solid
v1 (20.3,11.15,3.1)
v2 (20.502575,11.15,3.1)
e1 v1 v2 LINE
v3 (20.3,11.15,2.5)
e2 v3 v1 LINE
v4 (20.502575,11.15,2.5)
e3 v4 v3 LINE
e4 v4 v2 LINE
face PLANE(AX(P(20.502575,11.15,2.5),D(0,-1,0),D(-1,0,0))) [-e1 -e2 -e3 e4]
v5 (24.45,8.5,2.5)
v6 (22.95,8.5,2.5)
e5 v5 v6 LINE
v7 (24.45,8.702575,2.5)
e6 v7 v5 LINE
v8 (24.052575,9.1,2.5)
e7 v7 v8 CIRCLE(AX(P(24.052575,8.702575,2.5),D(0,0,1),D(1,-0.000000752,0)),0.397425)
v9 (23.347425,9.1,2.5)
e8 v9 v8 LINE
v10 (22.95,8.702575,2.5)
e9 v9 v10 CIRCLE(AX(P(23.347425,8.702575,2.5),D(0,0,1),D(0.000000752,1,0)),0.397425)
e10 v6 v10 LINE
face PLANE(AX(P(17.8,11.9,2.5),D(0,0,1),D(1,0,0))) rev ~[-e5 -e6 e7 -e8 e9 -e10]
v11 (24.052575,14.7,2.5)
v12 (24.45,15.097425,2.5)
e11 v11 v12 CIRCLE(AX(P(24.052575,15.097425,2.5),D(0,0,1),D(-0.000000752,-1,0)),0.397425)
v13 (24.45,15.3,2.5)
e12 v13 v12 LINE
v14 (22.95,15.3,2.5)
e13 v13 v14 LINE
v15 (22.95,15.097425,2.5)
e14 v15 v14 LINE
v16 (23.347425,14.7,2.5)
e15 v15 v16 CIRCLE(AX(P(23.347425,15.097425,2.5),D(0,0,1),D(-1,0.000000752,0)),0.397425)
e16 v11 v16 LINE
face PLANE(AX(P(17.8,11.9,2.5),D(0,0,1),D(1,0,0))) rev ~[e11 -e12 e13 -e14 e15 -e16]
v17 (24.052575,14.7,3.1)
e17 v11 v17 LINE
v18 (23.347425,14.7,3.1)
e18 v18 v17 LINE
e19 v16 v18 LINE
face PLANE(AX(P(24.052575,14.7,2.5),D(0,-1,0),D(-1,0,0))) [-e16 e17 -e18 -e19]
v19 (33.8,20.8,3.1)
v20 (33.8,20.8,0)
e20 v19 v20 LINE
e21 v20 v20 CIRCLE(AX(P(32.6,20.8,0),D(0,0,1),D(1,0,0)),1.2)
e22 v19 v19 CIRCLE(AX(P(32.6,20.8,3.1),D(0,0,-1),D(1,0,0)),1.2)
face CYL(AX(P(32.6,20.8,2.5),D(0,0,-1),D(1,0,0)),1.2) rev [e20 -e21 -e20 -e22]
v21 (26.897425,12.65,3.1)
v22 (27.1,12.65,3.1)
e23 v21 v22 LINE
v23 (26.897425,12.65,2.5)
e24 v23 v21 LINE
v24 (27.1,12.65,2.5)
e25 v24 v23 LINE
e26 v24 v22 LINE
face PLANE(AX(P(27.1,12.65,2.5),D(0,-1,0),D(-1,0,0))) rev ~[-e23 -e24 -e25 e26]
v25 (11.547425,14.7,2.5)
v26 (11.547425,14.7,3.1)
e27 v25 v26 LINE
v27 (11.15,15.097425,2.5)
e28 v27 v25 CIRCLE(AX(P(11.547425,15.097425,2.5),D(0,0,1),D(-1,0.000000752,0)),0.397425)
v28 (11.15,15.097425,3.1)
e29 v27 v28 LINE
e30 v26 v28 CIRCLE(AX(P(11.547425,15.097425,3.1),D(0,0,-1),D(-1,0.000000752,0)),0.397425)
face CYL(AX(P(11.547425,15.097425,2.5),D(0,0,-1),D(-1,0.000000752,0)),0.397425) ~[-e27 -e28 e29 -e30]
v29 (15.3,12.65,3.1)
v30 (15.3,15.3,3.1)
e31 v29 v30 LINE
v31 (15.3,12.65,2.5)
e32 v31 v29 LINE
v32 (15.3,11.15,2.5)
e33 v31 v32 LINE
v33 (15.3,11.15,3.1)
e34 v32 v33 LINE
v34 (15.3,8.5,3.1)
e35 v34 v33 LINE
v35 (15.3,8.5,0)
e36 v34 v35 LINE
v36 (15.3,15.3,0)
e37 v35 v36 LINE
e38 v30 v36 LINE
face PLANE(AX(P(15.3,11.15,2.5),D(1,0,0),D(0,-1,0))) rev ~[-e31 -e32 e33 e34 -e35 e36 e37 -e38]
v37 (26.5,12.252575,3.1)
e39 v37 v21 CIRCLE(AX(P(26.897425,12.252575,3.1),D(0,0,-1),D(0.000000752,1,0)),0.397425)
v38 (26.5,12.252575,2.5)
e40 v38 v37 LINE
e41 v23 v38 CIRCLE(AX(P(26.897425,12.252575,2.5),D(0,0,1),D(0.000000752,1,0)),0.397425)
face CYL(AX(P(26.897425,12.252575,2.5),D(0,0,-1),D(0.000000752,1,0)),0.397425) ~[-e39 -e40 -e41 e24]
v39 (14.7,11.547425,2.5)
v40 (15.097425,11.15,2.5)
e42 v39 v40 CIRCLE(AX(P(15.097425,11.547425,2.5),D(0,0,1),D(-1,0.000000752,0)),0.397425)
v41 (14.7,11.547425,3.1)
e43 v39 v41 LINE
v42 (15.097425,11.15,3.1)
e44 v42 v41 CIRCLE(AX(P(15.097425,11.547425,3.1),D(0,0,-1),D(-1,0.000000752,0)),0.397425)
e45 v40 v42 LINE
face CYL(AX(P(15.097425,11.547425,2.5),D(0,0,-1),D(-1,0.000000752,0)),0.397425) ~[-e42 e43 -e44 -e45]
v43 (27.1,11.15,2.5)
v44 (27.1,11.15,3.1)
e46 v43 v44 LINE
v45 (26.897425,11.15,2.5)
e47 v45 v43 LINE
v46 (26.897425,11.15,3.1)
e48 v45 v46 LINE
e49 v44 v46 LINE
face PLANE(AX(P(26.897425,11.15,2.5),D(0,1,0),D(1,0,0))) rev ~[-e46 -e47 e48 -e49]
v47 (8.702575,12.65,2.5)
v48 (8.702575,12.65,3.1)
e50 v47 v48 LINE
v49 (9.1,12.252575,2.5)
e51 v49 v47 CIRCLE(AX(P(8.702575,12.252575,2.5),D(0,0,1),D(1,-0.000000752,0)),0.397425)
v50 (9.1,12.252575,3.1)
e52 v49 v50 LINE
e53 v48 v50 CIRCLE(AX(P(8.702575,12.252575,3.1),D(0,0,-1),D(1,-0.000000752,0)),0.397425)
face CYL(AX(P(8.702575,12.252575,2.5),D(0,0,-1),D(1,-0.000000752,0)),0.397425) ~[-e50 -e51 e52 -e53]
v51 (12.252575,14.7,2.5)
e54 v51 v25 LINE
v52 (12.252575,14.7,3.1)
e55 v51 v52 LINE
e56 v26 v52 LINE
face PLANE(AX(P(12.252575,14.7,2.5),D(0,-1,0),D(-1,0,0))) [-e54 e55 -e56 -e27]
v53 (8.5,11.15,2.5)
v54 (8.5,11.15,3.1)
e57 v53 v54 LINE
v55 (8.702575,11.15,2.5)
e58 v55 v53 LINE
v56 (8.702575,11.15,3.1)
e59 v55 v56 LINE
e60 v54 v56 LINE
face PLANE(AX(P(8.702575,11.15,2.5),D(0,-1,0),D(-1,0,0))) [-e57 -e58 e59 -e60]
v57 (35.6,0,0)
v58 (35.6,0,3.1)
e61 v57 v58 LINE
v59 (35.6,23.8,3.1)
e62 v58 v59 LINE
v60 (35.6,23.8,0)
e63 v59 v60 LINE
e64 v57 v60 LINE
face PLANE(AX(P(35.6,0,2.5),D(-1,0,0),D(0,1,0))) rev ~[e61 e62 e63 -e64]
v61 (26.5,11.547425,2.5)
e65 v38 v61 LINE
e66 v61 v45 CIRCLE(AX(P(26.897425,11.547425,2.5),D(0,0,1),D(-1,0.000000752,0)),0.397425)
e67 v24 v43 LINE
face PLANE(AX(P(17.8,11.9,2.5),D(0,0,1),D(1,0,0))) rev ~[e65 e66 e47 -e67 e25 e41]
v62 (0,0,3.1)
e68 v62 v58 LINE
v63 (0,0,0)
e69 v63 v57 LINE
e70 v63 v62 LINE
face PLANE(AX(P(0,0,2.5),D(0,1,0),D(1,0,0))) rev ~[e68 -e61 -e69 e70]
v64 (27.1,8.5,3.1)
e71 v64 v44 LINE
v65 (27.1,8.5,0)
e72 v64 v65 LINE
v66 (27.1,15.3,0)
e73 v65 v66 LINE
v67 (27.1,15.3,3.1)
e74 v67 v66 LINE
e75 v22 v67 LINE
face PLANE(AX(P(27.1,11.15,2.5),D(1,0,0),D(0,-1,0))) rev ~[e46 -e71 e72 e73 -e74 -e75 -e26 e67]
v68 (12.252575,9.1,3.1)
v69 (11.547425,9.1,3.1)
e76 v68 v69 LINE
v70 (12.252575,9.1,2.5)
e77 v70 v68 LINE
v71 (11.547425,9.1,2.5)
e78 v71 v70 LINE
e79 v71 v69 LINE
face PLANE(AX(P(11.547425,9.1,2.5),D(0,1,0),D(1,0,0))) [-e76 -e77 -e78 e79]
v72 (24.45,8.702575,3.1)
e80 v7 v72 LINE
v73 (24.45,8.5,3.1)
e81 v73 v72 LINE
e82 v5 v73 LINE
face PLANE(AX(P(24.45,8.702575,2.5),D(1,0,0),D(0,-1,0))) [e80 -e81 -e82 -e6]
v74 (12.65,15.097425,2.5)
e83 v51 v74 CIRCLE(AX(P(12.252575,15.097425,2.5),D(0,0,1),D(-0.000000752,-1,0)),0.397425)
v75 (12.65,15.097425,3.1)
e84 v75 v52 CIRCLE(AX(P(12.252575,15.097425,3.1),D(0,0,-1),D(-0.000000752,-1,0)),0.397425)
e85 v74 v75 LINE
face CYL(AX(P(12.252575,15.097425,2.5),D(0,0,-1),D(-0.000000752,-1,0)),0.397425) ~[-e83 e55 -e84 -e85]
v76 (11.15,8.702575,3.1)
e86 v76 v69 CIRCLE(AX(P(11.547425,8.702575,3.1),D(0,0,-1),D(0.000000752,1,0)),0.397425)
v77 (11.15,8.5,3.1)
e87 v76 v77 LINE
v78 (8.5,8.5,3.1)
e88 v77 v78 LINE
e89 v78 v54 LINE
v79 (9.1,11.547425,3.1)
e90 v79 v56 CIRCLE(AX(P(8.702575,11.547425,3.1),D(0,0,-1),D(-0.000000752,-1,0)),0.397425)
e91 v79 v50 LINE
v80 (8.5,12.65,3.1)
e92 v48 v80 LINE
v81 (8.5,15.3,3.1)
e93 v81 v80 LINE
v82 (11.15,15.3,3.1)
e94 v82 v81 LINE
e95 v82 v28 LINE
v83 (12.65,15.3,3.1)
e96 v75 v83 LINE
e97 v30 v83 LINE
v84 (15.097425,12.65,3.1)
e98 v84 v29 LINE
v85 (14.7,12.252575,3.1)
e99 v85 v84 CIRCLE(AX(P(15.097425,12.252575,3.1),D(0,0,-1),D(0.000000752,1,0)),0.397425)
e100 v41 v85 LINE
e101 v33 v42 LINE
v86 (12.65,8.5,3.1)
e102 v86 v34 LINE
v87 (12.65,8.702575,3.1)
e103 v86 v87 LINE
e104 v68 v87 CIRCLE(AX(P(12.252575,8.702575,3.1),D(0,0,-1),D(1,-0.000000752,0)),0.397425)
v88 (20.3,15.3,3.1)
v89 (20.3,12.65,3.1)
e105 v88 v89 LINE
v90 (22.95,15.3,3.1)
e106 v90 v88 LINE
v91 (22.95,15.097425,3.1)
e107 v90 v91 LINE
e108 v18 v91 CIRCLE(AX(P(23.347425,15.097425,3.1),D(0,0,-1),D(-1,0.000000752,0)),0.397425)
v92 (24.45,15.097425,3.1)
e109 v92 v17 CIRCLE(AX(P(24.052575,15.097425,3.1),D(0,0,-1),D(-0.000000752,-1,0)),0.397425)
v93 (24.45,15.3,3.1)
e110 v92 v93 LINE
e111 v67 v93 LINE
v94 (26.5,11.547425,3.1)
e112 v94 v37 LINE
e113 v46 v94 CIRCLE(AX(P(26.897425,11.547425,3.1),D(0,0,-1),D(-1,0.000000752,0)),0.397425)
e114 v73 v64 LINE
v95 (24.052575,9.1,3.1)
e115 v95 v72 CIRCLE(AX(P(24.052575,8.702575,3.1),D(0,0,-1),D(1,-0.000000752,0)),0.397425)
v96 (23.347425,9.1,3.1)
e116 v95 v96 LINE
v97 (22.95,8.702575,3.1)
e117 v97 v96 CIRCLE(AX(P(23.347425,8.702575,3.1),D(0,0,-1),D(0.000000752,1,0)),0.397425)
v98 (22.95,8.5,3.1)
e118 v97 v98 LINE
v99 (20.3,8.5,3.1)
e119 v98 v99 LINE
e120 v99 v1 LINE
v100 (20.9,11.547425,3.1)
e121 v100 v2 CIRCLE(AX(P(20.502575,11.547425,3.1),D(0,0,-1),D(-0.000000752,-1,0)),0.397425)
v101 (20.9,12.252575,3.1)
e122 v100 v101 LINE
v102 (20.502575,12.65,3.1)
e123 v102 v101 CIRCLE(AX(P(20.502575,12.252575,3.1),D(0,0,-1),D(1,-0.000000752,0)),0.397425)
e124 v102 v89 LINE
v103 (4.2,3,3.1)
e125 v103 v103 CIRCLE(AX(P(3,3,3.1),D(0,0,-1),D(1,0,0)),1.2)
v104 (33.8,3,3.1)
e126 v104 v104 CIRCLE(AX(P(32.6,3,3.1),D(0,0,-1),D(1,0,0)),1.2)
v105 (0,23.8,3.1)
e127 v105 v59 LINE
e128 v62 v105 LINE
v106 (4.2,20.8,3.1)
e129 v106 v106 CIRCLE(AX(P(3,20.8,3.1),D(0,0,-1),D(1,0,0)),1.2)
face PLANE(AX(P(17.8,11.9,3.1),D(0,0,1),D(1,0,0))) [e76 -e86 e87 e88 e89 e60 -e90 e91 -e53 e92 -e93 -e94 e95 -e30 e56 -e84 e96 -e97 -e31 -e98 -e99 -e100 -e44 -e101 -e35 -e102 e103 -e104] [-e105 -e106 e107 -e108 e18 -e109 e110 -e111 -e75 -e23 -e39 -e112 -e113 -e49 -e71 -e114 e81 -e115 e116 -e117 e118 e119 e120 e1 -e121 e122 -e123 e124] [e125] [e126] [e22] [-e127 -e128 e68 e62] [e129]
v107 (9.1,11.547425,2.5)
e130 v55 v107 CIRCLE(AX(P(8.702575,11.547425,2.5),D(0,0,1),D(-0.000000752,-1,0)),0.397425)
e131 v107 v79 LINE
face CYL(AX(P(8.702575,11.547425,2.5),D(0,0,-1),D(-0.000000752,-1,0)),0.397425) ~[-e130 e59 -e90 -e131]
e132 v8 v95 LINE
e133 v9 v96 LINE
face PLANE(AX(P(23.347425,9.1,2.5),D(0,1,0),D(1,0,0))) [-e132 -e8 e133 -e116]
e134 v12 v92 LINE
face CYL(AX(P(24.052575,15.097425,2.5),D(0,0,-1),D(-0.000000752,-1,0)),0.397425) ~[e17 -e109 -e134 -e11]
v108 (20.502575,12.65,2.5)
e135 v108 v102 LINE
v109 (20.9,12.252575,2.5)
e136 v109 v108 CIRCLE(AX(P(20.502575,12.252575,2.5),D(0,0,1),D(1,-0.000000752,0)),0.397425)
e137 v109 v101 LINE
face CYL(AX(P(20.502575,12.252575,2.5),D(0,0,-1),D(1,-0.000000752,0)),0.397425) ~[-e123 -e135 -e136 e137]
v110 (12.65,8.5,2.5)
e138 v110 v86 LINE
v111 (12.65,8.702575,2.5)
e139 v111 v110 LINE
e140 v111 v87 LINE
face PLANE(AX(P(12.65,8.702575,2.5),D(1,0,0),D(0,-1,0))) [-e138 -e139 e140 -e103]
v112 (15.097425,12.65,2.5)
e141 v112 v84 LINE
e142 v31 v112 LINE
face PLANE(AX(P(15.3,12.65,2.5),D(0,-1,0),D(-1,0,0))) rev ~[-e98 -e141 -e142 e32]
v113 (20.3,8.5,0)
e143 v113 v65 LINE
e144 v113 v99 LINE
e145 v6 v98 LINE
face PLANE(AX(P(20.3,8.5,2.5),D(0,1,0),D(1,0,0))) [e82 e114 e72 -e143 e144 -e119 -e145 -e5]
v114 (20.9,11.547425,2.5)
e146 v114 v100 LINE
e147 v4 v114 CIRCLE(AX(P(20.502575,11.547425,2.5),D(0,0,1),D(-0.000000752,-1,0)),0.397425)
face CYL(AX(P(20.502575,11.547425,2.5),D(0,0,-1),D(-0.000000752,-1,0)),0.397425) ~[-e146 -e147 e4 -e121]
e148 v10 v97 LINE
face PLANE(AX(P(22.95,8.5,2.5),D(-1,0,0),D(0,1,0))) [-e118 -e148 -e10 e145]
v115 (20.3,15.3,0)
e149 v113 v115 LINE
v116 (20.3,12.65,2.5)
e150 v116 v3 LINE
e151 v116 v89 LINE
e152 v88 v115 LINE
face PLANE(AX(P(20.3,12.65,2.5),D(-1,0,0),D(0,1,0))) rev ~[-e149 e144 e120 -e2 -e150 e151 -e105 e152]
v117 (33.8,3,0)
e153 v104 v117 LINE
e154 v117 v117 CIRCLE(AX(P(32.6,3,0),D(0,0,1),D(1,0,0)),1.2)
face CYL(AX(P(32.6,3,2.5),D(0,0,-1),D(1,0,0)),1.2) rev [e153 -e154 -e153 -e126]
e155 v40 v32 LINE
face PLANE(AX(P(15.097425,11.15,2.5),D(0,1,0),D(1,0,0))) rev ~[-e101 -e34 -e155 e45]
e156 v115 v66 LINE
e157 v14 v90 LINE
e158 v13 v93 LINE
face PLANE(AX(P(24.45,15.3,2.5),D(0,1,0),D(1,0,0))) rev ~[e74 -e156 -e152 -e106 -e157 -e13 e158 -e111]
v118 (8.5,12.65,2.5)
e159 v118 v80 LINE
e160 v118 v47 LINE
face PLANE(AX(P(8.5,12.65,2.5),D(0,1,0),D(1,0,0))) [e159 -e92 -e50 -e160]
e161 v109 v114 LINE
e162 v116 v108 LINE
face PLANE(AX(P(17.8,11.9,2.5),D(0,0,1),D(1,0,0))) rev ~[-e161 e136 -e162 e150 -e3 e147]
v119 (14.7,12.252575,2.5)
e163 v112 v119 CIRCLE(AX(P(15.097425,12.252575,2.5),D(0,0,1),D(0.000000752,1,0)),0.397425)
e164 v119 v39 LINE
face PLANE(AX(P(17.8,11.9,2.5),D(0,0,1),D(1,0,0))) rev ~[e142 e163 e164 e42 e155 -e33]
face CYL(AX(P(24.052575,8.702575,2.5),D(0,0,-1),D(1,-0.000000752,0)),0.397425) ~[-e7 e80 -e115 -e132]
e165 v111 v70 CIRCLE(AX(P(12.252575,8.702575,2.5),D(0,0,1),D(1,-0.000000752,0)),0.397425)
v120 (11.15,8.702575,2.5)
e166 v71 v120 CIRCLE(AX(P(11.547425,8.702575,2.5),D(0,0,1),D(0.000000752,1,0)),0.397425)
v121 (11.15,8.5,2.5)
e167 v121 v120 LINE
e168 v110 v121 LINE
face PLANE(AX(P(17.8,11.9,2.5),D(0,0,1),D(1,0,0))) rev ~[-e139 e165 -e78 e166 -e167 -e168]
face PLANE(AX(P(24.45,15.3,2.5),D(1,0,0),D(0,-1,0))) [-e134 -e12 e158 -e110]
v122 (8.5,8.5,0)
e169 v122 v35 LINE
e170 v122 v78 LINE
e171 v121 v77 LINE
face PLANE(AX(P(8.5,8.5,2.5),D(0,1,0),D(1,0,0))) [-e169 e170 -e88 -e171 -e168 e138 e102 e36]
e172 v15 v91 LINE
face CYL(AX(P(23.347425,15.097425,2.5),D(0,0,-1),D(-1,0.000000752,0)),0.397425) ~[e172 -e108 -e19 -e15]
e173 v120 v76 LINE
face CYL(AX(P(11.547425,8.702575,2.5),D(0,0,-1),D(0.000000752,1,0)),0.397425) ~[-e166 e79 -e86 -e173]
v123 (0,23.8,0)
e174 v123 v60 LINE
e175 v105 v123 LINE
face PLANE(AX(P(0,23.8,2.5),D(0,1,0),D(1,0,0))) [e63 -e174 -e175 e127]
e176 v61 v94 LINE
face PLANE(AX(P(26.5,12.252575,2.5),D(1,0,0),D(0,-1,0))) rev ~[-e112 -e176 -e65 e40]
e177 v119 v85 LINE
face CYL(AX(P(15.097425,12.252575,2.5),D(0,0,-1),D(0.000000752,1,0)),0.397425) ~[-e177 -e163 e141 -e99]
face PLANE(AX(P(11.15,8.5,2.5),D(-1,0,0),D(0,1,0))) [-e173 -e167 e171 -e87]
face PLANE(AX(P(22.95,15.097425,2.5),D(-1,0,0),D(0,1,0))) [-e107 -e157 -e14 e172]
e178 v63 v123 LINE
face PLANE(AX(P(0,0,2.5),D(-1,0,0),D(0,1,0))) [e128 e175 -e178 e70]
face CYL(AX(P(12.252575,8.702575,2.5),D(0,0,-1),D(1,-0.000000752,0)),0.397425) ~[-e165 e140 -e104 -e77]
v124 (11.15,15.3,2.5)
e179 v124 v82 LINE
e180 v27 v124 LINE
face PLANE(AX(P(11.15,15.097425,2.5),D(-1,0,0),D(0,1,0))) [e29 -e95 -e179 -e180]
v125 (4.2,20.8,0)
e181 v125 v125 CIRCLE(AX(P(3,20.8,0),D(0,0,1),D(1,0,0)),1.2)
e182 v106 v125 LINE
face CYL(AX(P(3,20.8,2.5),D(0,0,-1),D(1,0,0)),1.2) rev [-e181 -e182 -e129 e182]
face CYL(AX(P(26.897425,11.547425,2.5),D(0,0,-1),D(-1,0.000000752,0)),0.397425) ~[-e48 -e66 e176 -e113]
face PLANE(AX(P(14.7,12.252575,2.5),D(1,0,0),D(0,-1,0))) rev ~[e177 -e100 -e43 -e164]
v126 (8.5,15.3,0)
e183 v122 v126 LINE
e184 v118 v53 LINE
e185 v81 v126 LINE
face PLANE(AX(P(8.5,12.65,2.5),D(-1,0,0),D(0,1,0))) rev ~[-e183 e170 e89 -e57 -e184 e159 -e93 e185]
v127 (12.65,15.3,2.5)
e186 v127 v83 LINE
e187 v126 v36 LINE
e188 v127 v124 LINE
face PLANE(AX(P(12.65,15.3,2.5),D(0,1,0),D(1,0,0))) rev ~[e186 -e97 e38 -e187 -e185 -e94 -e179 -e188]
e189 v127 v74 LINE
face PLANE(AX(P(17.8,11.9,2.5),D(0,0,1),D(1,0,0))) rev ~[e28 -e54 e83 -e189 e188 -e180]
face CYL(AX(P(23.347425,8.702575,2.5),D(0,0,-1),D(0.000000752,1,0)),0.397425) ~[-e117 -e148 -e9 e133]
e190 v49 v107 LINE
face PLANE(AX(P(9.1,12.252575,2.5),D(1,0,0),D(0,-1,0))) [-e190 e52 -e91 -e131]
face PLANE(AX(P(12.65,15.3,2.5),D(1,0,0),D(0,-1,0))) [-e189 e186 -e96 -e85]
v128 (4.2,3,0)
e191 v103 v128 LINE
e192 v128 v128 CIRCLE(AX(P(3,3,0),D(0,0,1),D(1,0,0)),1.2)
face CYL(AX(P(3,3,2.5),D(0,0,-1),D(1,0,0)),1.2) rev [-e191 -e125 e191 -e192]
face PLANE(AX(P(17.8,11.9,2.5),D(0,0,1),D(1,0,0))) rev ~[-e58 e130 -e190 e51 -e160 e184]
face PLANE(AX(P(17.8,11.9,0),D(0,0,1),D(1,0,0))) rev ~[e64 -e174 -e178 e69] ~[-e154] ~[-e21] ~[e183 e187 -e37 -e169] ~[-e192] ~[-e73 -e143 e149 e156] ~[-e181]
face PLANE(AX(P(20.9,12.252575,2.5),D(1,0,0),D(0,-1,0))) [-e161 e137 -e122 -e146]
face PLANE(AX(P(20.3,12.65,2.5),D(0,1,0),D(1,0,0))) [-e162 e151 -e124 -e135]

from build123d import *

# Parameters (mm, degrees)
CYLINDER002_R     = 1.2
CYLINDER002_DEPTH = 10
ARRAY006_X_COUNT  = 2
ARRAY006_X_PITCH  = 29.6
ARRAY006_Y_COUNT  = 2
ARRAY006_Y_PITCH  = 17.8
PAD_DEPTH         = 10
ARRAY005_X_COUNT  = 2
ARRAY005_X_PITCH  = 11.8
BOX010_W          = 35.6
BOX010_H          = 23.8
BOX010_DEPTH      = 0.6
CYLINDER_R        = 1.2
CYLINDER_DEPTH    = 10
ARRAY001_X_COUNT  = 2
ARRAY001_X_PITCH  = 29.6
ARRAY001_Y_COUNT  = 2
ARRAY001_Y_PITCH  = 17.8
BOX001_W          = 6.8
BOX001_H          = 6.8
BOX001_DEPTH      = 10
ARRAY_X_COUNT     = 2
ARRAY_X_PITCH     = 11.8
BOX_W             = 35.6
BOX_H             = 23.8
BOX_DEPTH         = 2.5


with BuildPart() as bolt_hole_array003:
    # Cylinder002 → Cylinder002 (new body)
    with BuildSketch(Plane.XY):
        Circle(CYLINDER002_R)
    extrude(amount=CYLINDER002_DEPTH)

    # Array006 X: bolt hole array003 ×2


with BuildPart() as bolt_hole_array003_1:
    add(bolt_hole_array003.part)
    with Locations(*[(i * ARRAY006_X_PITCH, 0, 0) for i in range(1, ARRAY006_X_COUNT)]):
        add(bolt_hole_array003.part)

    # Array006 Y: bolt hole array003 ×2


with BuildPart() as bolt_hole_array003_2:
    add(bolt_hole_array003_1.part)
    with Locations(*[(0, i * ARRAY006_Y_PITCH, 0) for i in range(1, ARRAY006_Y_COUNT)]):
        add(bolt_hole_array003_1.part)


with BuildPart() as bolt_hole_array003_3:
    # Array006 placement: moved
    add(bolt_hole_array003_2.part.moved(Location((3, 3, 0))))


with BuildPart() as hole_fusion001:
    # Sketch001 → Pad (new body)
    with BuildSketch(Plane.XY):
        with BuildLine():
            Line((-3.4, -0.75), (-3.4, -3.4))
            Line((-3.4, -3.4), (-0.75, -3.4))
            Line((-0.75, -3.4), (-0.75, -3.197425))
            ThreePointArc((-0.352575, -2.8), (-0.633597, -2.916403), (-0.75, -3.197425))
            Line((-0.352575, -2.8), (0.352575, -2.8))
            ThreePointArc((0.75, -3.197425), (0.633597, -2.916403), (0.352575, -2.8))
            Line((0.75, -3.197425), (0.75, -3.4))
            Line((3.4, -3.4), (0.75, -3.4))
            Line((3.4, -0.75), (3.4, -3.4))
            Line((3.197425, -0.75), (3.4, -0.75))
            ThreePointArc((2.8, -0.352575), (2.916403, -0.633597), (3.197425, -0.75))
            Line((2.8, 0.352575), (2.8, -0.352575))
            ThreePointArc((3.197425, 0.75), (2.916403, 0.633597), (2.8, 0.352575))
            Line((3.4, 0.75), (3.197425, 0.75))
            Line((3.4, 3.4), (3.4, 0.75))
            Line((0.75, 3.4), (3.4, 3.4))
            Line((0.75, 3.4), (0.75, 3.197425))
            ThreePointArc((0.352575, 2.8), (0.633597, 2.916403), (0.75, 3.197425))
            Line((0.352575, 2.8), (-0.352575, 2.8))
            ThreePointArc((-0.75, 3.197425), (-0.633597, 2.916403), (-0.352575, 2.8))
            Line((-0.75, 3.197425), (-0.75, 3.4))
            Line((-3.4, 3.4), (-0.75, 3.4))
            Line((-3.4, 0.75), (-3.4, 3.4))
            Line((-3.4, 0.75), (-3.197425, 0.75))
            ThreePointArc((-2.8, 0.352575), (-2.916403, 0.633597), (-3.197425, 0.75))
            Line((-2.8, 0.352575), (-2.8, -0.352575))
            ThreePointArc((-3.197425, -0.75), (-2.916403, -0.633597), (-2.8, -0.352575))
            Line((-3.197425, -0.75), (-3.4, -0.75))
        make_face()
    extrude(amount=PAD_DEPTH)

    # Array005 X: hole fusion001 ×2


with BuildPart() as hole_fusion001_1:
    add(hole_fusion001.part)
    with Locations(*[(i * ARRAY005_X_PITCH, 0, 0) for i in range(1, ARRAY005_X_COUNT)]):
        add(hole_fusion001.part)


with BuildPart() as hole_fusion001_2:
    # Array005 placement: moved
    add(hole_fusion001_1.part.moved(Location((11.9, 11.9, 0))))

    # Fusion006: union bolt hole array003
    add(bolt_hole_array003_3.part)


with BuildPart() as btn_middle_plate_top_cut:
    # Box010 → Box010 (new body)
    with BuildSketch(Plane.XY):
        with Locations((17.8, 11.9)):
            Rectangle(BOX010_W, BOX010_H)
    extrude(amount=BOX010_DEPTH)

    # Cut005: cut hole fusion001
    add(hole_fusion001_2.part, mode=Mode.SUBTRACT)


with BuildPart() as btn_middle_plate_top_cut_1:
    # Cut005 placement: moved
    add(btn_middle_plate_top_cut.part.moved(Location((0, 0, 2.5))))


with BuildPart() as bolt_hole_array:
    # Cylinder → Cylinder (new body)
    with BuildSketch(Plane.XY):
        Circle(CYLINDER_R)
    extrude(amount=CYLINDER_DEPTH)

    # Array001 X: bolt hole array ×2


with BuildPart() as bolt_hole_array_1:
    add(bolt_hole_array.part)
    with Locations(*[(i * ARRAY001_X_PITCH, 0, 0) for i in range(1, ARRAY001_X_COUNT)]):
        add(bolt_hole_array.part)

    # Array001 Y: bolt hole array ×2


with BuildPart() as bolt_hole_array_2:
    add(bolt_hole_array_1.part)
    with Locations(*[(0, i * ARRAY001_Y_PITCH, 0) for i in range(1, ARRAY001_Y_COUNT)]):
        add(bolt_hole_array_1.part)


with BuildPart() as bolt_hole_array_3:
    # Array001 placement: moved
    add(bolt_hole_array_2.part.moved(Location((3, 3, 0))))


with BuildPart() as hole_fusion:
    # Box001 → Box001 (new body)
    with BuildSketch(Plane.XY):
        with Locations((3.4, 3.4)):
            Rectangle(BOX001_W, BOX001_H)
    extrude(amount=BOX001_DEPTH)

    # Array X: hole fusion ×2


with BuildPart() as hole_fusion_1:
    add(hole_fusion.part)
    with Locations(*[(i * ARRAY_X_PITCH, 0, 0) for i in range(1, ARRAY_X_COUNT)]):
        add(hole_fusion.part)


with BuildPart() as hole_fusion_2:
    # Array placement: moved
    add(hole_fusion_1.part.moved(Location((8.5, 8.5, 0))))

    # Fusion: union bolt hole array
    add(bolt_hole_array_3.part)


with BuildPart() as btn_middle_plate_fusion:
    # Box → Box (new body)
    with BuildSketch(Plane.XY):
        with Locations((17.8, 11.9)):
            Rectangle(BOX_W, BOX_H)
    extrude(amount=BOX_DEPTH)

    # Cut: cut hole fusion
    add(hole_fusion_2.part, mode=Mode.SUBTRACT)

    # Fusion007: union btn middle plate top cut
    add(btn_middle_plate_top_cut_1.part)


solid = btn_middle_plate_fusion.part
